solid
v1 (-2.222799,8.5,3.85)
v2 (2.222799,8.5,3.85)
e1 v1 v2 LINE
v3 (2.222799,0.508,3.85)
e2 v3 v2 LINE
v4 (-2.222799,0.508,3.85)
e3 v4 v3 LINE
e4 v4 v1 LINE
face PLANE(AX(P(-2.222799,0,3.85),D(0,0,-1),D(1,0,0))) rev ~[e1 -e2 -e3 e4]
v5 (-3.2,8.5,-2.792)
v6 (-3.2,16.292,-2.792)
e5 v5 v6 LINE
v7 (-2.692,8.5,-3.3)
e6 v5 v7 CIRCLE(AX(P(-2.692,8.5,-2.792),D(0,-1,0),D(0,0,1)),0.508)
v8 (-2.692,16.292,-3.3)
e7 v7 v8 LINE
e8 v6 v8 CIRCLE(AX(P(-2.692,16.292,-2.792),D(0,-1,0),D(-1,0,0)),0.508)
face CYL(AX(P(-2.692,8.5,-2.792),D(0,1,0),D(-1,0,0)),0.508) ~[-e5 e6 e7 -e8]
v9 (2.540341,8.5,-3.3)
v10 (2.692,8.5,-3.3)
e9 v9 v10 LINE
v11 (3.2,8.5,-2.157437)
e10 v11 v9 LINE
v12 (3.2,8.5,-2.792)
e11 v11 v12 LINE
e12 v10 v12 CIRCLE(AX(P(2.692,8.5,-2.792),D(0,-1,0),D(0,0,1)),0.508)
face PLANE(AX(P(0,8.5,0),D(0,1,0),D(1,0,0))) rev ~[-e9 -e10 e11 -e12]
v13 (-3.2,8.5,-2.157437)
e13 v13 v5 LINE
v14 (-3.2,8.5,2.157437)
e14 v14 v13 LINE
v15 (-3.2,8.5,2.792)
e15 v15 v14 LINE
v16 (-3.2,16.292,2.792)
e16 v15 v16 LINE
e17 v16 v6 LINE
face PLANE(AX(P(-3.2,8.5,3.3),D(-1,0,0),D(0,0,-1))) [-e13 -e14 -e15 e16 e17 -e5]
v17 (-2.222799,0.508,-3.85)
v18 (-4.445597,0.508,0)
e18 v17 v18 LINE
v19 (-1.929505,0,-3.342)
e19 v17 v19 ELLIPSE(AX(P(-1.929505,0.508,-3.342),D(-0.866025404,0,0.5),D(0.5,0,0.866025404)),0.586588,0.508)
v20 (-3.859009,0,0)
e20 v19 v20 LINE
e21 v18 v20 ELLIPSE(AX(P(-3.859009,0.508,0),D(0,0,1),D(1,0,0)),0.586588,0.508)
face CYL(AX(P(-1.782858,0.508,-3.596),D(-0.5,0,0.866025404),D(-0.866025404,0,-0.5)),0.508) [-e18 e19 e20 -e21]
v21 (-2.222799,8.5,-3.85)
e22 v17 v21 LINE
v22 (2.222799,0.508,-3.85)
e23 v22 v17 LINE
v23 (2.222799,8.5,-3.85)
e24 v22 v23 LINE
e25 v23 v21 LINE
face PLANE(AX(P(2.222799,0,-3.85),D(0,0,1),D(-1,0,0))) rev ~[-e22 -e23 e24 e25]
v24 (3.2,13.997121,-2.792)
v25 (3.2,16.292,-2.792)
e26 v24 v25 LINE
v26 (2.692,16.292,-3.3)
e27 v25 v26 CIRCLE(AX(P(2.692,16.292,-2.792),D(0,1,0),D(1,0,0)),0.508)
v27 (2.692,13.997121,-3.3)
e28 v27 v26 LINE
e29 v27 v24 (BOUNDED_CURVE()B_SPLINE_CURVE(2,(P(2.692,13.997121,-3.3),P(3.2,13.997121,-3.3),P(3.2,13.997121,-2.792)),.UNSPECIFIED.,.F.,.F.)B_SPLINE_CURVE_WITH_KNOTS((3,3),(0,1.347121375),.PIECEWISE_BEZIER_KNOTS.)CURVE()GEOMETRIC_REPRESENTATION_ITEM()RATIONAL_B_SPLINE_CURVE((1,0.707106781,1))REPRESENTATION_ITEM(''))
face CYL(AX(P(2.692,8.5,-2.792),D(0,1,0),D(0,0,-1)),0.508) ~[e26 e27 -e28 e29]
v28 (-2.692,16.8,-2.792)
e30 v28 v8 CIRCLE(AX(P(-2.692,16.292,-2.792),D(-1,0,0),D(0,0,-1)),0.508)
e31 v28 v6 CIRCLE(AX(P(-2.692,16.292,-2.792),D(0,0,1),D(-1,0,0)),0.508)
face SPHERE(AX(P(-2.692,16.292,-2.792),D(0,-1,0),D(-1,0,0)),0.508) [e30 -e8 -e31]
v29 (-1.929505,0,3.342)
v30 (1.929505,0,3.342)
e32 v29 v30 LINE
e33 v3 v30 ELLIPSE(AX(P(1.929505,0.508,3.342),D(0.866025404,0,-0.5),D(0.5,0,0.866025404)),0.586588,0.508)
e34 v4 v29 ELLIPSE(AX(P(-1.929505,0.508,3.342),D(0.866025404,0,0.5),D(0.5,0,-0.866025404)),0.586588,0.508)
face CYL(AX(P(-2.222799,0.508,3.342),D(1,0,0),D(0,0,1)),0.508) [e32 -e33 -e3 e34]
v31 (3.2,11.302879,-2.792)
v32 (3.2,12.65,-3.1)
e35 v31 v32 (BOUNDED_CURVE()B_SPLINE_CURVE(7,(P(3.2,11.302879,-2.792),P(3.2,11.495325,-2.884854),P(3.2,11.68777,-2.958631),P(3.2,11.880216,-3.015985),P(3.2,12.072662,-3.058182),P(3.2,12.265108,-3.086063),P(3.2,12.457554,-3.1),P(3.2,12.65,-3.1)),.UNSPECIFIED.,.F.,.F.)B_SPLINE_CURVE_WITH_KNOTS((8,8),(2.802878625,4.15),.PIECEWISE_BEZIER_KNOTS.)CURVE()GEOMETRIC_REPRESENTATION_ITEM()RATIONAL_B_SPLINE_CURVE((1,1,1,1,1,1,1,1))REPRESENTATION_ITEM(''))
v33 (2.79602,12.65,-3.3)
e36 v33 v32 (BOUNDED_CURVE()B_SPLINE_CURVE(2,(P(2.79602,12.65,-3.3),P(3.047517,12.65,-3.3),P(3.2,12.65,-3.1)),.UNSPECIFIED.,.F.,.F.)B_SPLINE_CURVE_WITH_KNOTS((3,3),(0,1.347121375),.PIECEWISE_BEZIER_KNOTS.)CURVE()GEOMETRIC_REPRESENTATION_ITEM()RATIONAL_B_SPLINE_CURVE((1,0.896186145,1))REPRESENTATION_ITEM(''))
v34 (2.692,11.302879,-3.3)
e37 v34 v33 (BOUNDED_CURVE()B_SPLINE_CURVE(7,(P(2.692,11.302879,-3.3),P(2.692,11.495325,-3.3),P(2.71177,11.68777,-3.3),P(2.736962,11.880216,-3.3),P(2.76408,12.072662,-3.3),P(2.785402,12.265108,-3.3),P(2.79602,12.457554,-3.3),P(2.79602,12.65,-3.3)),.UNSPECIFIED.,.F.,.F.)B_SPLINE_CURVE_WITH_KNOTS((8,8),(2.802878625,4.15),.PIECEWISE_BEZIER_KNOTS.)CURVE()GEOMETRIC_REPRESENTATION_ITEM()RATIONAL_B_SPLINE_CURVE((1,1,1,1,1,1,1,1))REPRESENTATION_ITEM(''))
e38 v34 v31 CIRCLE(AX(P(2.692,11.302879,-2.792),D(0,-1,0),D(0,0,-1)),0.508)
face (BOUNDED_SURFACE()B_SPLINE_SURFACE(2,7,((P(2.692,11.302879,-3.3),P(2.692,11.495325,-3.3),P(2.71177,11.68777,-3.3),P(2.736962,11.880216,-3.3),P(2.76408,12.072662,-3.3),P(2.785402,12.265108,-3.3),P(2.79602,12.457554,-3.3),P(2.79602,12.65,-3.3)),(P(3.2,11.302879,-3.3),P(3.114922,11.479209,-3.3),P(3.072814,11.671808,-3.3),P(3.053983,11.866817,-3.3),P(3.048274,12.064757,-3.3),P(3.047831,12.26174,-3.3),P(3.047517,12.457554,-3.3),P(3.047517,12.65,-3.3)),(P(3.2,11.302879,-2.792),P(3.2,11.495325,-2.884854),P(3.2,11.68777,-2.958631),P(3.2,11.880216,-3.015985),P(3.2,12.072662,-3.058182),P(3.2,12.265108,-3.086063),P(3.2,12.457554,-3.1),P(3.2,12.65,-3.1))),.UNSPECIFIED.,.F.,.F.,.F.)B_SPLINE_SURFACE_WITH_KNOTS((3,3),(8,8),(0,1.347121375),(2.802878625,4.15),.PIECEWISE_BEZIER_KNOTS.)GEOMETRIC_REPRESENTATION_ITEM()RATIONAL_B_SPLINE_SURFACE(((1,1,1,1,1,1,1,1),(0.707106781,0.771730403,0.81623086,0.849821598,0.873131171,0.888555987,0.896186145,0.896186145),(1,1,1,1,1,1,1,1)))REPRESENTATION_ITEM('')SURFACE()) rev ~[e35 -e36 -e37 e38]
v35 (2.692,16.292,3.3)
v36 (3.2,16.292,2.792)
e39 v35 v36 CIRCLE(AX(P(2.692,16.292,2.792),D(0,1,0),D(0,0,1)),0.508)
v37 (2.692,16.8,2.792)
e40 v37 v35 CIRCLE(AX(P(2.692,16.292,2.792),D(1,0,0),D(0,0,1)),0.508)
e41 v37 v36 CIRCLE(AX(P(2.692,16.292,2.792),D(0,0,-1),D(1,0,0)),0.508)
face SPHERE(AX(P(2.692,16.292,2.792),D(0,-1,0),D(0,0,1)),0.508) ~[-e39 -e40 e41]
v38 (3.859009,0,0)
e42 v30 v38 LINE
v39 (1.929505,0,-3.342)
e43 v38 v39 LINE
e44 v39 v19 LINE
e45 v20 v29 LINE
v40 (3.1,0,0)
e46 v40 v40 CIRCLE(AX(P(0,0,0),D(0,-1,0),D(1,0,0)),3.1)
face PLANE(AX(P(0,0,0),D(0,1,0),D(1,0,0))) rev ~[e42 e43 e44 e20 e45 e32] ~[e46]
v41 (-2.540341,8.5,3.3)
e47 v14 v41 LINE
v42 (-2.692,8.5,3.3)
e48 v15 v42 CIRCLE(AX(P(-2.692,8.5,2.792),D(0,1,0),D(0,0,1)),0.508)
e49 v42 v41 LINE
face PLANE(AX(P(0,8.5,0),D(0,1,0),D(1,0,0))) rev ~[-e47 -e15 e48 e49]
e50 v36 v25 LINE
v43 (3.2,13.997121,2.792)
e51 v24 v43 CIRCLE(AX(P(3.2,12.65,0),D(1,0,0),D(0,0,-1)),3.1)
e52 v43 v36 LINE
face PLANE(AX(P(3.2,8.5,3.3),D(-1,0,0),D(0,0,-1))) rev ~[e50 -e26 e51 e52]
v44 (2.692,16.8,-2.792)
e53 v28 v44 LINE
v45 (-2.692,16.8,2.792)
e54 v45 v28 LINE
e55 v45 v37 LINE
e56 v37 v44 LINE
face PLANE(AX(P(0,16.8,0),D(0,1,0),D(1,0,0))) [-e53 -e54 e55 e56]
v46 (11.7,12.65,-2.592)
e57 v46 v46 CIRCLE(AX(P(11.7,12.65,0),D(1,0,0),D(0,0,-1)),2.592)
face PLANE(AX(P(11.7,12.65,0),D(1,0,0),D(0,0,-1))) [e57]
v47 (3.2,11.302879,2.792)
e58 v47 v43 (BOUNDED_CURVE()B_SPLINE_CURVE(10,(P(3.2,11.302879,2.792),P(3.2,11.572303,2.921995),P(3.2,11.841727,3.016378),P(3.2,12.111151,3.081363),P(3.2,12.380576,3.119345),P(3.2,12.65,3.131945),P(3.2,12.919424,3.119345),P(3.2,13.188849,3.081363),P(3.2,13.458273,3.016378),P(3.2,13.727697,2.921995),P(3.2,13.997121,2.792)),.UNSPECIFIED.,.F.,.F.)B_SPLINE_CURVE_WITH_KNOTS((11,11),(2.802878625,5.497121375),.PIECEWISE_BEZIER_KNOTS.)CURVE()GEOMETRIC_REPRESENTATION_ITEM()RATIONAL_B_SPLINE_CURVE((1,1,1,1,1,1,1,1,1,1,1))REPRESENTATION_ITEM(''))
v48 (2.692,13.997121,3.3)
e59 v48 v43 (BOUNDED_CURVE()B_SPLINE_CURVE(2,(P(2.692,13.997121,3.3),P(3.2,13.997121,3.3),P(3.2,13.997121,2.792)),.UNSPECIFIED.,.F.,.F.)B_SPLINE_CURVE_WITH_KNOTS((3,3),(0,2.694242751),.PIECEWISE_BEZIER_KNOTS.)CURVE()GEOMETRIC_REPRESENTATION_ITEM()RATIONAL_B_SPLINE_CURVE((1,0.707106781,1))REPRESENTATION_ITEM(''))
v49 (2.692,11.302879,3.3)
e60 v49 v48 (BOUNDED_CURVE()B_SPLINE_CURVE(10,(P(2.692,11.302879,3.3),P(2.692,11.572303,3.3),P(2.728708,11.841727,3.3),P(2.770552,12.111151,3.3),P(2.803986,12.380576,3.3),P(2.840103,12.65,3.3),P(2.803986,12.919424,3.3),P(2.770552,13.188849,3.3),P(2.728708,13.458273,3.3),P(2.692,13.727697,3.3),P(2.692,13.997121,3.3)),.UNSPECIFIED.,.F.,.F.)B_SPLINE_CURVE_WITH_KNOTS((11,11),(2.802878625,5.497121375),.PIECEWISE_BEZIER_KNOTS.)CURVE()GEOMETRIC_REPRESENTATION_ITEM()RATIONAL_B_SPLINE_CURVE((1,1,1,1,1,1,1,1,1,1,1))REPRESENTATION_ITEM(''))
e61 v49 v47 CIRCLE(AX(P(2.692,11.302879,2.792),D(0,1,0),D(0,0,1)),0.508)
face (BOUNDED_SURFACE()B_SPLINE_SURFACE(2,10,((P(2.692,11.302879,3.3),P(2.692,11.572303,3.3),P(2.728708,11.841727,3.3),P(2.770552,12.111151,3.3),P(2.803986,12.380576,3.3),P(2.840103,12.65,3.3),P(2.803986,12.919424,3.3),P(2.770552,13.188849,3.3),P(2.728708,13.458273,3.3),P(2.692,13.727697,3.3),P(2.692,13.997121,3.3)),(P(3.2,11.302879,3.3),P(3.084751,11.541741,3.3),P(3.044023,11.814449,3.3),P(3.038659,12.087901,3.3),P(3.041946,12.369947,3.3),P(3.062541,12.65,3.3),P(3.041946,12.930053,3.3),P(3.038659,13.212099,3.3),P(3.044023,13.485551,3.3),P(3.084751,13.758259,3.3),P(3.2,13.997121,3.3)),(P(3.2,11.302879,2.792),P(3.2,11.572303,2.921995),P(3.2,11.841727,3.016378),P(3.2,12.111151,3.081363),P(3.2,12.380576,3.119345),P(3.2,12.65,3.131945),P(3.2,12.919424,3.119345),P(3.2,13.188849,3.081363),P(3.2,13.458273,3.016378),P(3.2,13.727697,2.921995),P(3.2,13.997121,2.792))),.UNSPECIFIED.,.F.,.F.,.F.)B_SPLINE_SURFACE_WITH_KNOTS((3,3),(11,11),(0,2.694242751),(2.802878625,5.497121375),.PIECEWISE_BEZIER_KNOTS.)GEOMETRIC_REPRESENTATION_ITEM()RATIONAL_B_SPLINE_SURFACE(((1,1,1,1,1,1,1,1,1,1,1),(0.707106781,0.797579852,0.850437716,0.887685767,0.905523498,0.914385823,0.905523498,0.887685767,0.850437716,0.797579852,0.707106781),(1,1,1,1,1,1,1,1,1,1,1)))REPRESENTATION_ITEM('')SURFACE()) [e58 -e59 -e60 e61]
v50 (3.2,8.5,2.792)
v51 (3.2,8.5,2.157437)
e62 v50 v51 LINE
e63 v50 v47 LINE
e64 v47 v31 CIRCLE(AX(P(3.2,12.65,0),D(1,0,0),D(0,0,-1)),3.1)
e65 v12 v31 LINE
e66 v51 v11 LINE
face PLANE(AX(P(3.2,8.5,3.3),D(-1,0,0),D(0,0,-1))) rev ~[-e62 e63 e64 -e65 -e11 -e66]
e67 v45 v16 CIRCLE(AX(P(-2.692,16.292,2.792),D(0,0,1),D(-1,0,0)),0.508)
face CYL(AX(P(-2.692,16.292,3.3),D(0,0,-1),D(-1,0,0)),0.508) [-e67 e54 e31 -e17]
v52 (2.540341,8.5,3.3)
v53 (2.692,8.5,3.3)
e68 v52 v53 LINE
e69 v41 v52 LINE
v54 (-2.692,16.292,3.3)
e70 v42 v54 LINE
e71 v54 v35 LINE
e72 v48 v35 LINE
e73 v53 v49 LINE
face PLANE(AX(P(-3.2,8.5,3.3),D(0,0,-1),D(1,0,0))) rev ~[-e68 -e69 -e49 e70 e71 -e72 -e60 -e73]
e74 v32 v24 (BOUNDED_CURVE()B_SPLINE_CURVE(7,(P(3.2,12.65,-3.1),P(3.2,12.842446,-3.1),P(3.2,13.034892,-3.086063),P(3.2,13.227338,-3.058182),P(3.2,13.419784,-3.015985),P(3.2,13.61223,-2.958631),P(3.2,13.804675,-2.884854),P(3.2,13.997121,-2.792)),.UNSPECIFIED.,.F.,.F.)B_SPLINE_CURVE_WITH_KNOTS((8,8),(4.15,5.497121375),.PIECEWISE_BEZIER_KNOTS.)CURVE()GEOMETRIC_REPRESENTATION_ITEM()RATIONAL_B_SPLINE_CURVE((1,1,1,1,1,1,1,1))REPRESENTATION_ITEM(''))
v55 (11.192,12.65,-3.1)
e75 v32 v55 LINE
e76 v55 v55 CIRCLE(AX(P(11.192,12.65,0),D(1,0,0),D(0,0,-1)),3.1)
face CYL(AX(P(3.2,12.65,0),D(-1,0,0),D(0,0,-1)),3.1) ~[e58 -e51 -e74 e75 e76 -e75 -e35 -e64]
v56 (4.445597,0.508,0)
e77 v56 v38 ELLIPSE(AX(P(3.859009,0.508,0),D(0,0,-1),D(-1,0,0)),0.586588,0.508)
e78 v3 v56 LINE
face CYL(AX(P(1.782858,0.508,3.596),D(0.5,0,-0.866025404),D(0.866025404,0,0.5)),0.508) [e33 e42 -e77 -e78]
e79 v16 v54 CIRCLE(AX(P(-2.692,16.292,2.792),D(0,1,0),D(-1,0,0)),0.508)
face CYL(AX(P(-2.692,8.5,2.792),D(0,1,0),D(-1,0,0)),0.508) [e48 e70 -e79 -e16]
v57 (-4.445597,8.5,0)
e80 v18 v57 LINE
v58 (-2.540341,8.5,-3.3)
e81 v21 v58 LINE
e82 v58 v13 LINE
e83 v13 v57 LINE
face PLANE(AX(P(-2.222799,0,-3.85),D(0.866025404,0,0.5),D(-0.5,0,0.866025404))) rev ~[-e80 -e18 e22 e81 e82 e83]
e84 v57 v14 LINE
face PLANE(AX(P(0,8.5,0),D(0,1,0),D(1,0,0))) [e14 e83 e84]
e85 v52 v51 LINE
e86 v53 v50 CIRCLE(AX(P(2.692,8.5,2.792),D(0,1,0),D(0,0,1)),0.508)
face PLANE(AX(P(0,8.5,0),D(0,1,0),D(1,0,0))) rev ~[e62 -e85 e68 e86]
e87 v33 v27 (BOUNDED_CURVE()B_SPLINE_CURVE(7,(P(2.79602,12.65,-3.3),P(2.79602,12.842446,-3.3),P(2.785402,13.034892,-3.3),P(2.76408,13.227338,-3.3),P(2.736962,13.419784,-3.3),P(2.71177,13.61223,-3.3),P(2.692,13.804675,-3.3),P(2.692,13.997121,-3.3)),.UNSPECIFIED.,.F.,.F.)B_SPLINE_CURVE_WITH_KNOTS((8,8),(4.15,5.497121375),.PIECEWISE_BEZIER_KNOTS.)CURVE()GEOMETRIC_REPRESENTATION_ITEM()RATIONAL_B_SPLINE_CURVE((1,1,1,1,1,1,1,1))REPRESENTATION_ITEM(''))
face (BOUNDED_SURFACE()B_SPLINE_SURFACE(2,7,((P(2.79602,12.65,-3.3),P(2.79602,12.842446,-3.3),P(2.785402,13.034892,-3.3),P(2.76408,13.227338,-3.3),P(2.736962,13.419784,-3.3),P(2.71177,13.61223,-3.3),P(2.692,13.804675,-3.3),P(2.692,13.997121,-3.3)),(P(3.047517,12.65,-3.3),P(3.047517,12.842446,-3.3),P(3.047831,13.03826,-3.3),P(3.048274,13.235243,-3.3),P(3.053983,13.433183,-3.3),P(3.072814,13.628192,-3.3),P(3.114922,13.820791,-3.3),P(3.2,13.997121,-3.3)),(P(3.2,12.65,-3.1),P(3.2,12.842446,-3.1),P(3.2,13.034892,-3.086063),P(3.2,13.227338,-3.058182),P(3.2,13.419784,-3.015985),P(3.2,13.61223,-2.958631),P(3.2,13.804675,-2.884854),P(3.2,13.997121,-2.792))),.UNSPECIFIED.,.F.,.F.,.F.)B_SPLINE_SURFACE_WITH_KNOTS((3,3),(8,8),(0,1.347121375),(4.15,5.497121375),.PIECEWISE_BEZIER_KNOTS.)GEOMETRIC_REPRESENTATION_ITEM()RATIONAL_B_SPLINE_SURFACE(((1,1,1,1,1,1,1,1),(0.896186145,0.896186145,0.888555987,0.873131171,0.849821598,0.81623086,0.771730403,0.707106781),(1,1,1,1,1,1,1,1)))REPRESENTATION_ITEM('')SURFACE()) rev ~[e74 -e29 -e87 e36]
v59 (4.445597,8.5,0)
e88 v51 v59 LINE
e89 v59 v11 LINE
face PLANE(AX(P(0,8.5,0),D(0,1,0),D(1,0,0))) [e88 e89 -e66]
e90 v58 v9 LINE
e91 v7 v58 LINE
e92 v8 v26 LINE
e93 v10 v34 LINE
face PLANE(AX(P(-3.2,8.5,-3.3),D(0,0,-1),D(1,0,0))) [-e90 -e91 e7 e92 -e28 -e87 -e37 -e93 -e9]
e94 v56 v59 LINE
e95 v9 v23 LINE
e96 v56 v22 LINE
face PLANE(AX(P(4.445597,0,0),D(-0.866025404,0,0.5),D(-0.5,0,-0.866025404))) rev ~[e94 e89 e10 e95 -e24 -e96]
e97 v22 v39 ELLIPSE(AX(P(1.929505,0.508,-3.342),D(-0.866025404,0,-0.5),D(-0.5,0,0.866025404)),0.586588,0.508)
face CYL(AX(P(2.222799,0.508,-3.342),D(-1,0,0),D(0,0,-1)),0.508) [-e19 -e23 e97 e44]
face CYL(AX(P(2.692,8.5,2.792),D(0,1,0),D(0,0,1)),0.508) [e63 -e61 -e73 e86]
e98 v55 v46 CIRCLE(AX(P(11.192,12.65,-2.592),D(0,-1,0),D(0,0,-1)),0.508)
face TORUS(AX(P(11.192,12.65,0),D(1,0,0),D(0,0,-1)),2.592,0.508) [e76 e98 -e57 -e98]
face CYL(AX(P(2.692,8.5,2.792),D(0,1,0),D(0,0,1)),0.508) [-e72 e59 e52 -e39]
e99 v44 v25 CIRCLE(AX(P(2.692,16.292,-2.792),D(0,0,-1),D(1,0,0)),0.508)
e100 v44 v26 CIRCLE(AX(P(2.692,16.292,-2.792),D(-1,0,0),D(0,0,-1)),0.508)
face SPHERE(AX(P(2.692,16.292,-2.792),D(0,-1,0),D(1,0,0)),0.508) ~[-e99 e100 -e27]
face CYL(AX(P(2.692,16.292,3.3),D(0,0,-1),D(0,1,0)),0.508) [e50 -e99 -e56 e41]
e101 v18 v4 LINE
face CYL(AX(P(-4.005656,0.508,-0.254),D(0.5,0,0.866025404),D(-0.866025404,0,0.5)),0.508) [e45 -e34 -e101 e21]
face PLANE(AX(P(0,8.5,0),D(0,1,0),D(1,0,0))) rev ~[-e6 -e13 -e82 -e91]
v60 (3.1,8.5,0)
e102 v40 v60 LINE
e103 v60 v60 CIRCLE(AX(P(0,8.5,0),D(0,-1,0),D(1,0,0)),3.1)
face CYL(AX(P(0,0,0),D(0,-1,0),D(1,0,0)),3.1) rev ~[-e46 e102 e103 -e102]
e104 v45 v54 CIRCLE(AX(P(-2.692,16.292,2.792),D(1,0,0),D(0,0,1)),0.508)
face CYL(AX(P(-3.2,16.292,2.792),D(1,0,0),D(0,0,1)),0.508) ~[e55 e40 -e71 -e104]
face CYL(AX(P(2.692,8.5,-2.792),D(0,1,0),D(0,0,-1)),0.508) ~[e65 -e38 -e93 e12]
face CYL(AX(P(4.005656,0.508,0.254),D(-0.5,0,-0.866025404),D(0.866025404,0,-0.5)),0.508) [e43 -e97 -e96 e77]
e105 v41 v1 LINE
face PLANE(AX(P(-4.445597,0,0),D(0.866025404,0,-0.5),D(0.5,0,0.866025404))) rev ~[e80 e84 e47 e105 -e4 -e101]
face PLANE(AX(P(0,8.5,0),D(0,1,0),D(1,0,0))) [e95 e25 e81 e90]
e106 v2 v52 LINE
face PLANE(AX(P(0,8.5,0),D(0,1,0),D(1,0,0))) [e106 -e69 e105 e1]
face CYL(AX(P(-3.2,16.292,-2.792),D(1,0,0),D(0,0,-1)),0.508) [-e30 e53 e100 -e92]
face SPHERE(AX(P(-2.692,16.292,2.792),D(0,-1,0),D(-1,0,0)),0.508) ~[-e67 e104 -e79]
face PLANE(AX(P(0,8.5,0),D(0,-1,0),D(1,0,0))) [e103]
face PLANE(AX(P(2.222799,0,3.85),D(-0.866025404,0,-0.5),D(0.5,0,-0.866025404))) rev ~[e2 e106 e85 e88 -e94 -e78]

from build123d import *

# Parameters (mm, degrees)
BOSS_EXTRUDE1_DEPTH = 8.5
SKETCH2_W           = 6.4
SKETCH2_H           = 6.6
BOSS_EXTRUDE2_DEPTH = 8.3
SKETCH3_R           = 3.1
BOSS_EXTRUDE3_DEPTH = 8.5
SKETCH4_R           = 3.1
CUT_EXTRUDE1_DEPTH  = 8.5
FILLET1_R           = 0.508


with BuildPart() as part:
    # Sketch1 → Boss-Extrude1 (new body)
    with BuildSketch(Plane(origin=(0, 0, 0), x_dir=(1, 0, 0), z_dir=(0, 1, 0))):
        Polygon((4.445597073, 0), (2.222798536, 3.85), (-2.222798536, 3.85), (-4.445597073, 0), (-2.222798536, -3.85), (2.222798536, -3.85), align=None)
    extrude(amount=BOSS_EXTRUDE1_DEPTH)

    # Sketch2 → Boss-Extrude2 (add)
    with BuildSketch(Plane(origin=(0, 8.5, 0), x_dir=(1, 0, 0), z_dir=(0, 1, 0))):
        Rectangle(SKETCH2_W, SKETCH2_H)
    extrude(amount=BOSS_EXTRUDE2_DEPTH)

    # Sketch3 → Boss-Extrude3 (add)
    with BuildSketch(Plane(origin=(3.2, 0, 0), x_dir=(0, 0, -1), z_dir=(1, 0, 0))):
        with Locations((0, 12.65)):
            Circle(SKETCH3_R)
    extrude(amount=BOSS_EXTRUDE3_DEPTH)

    # Sketch4 → Cut-Extrude1 (cut)
    with BuildSketch(Plane.XZ):
        Circle(SKETCH4_R)
    extrude(amount=-CUT_EXTRUDE1_DEPTH, mode=Mode.SUBTRACT)

    # Fillet1
    fillet1_edges = [part.edges().sort_by_distance(p)[0] for p in [
        (-3.2, 12.65, -3.3),
        (-3.2, 12.65, 3.3),
        (3.2, 12.65, 3.3),
        (3.2, 12.65, -3.3),
        (-3.2, 16.8, 0),
        (0, 16.8, 3.3),
        (3.2, 16.8, 0),
        (0, 16.8, -3.3),
        (11.7, 12.65, 3.1),
        (0, 0, 3.85),
        (-3.334197805, 0, 1.925),
        (-3.334197805, 0, -1.925),
        (0, 0, -3.85),
        (3.334197805, 0, -1.925),
        (3.334197805, 0, 1.925),
    ]]
    fillet(fillet1_edges, radius=FILLET1_R)


solid = part.part
